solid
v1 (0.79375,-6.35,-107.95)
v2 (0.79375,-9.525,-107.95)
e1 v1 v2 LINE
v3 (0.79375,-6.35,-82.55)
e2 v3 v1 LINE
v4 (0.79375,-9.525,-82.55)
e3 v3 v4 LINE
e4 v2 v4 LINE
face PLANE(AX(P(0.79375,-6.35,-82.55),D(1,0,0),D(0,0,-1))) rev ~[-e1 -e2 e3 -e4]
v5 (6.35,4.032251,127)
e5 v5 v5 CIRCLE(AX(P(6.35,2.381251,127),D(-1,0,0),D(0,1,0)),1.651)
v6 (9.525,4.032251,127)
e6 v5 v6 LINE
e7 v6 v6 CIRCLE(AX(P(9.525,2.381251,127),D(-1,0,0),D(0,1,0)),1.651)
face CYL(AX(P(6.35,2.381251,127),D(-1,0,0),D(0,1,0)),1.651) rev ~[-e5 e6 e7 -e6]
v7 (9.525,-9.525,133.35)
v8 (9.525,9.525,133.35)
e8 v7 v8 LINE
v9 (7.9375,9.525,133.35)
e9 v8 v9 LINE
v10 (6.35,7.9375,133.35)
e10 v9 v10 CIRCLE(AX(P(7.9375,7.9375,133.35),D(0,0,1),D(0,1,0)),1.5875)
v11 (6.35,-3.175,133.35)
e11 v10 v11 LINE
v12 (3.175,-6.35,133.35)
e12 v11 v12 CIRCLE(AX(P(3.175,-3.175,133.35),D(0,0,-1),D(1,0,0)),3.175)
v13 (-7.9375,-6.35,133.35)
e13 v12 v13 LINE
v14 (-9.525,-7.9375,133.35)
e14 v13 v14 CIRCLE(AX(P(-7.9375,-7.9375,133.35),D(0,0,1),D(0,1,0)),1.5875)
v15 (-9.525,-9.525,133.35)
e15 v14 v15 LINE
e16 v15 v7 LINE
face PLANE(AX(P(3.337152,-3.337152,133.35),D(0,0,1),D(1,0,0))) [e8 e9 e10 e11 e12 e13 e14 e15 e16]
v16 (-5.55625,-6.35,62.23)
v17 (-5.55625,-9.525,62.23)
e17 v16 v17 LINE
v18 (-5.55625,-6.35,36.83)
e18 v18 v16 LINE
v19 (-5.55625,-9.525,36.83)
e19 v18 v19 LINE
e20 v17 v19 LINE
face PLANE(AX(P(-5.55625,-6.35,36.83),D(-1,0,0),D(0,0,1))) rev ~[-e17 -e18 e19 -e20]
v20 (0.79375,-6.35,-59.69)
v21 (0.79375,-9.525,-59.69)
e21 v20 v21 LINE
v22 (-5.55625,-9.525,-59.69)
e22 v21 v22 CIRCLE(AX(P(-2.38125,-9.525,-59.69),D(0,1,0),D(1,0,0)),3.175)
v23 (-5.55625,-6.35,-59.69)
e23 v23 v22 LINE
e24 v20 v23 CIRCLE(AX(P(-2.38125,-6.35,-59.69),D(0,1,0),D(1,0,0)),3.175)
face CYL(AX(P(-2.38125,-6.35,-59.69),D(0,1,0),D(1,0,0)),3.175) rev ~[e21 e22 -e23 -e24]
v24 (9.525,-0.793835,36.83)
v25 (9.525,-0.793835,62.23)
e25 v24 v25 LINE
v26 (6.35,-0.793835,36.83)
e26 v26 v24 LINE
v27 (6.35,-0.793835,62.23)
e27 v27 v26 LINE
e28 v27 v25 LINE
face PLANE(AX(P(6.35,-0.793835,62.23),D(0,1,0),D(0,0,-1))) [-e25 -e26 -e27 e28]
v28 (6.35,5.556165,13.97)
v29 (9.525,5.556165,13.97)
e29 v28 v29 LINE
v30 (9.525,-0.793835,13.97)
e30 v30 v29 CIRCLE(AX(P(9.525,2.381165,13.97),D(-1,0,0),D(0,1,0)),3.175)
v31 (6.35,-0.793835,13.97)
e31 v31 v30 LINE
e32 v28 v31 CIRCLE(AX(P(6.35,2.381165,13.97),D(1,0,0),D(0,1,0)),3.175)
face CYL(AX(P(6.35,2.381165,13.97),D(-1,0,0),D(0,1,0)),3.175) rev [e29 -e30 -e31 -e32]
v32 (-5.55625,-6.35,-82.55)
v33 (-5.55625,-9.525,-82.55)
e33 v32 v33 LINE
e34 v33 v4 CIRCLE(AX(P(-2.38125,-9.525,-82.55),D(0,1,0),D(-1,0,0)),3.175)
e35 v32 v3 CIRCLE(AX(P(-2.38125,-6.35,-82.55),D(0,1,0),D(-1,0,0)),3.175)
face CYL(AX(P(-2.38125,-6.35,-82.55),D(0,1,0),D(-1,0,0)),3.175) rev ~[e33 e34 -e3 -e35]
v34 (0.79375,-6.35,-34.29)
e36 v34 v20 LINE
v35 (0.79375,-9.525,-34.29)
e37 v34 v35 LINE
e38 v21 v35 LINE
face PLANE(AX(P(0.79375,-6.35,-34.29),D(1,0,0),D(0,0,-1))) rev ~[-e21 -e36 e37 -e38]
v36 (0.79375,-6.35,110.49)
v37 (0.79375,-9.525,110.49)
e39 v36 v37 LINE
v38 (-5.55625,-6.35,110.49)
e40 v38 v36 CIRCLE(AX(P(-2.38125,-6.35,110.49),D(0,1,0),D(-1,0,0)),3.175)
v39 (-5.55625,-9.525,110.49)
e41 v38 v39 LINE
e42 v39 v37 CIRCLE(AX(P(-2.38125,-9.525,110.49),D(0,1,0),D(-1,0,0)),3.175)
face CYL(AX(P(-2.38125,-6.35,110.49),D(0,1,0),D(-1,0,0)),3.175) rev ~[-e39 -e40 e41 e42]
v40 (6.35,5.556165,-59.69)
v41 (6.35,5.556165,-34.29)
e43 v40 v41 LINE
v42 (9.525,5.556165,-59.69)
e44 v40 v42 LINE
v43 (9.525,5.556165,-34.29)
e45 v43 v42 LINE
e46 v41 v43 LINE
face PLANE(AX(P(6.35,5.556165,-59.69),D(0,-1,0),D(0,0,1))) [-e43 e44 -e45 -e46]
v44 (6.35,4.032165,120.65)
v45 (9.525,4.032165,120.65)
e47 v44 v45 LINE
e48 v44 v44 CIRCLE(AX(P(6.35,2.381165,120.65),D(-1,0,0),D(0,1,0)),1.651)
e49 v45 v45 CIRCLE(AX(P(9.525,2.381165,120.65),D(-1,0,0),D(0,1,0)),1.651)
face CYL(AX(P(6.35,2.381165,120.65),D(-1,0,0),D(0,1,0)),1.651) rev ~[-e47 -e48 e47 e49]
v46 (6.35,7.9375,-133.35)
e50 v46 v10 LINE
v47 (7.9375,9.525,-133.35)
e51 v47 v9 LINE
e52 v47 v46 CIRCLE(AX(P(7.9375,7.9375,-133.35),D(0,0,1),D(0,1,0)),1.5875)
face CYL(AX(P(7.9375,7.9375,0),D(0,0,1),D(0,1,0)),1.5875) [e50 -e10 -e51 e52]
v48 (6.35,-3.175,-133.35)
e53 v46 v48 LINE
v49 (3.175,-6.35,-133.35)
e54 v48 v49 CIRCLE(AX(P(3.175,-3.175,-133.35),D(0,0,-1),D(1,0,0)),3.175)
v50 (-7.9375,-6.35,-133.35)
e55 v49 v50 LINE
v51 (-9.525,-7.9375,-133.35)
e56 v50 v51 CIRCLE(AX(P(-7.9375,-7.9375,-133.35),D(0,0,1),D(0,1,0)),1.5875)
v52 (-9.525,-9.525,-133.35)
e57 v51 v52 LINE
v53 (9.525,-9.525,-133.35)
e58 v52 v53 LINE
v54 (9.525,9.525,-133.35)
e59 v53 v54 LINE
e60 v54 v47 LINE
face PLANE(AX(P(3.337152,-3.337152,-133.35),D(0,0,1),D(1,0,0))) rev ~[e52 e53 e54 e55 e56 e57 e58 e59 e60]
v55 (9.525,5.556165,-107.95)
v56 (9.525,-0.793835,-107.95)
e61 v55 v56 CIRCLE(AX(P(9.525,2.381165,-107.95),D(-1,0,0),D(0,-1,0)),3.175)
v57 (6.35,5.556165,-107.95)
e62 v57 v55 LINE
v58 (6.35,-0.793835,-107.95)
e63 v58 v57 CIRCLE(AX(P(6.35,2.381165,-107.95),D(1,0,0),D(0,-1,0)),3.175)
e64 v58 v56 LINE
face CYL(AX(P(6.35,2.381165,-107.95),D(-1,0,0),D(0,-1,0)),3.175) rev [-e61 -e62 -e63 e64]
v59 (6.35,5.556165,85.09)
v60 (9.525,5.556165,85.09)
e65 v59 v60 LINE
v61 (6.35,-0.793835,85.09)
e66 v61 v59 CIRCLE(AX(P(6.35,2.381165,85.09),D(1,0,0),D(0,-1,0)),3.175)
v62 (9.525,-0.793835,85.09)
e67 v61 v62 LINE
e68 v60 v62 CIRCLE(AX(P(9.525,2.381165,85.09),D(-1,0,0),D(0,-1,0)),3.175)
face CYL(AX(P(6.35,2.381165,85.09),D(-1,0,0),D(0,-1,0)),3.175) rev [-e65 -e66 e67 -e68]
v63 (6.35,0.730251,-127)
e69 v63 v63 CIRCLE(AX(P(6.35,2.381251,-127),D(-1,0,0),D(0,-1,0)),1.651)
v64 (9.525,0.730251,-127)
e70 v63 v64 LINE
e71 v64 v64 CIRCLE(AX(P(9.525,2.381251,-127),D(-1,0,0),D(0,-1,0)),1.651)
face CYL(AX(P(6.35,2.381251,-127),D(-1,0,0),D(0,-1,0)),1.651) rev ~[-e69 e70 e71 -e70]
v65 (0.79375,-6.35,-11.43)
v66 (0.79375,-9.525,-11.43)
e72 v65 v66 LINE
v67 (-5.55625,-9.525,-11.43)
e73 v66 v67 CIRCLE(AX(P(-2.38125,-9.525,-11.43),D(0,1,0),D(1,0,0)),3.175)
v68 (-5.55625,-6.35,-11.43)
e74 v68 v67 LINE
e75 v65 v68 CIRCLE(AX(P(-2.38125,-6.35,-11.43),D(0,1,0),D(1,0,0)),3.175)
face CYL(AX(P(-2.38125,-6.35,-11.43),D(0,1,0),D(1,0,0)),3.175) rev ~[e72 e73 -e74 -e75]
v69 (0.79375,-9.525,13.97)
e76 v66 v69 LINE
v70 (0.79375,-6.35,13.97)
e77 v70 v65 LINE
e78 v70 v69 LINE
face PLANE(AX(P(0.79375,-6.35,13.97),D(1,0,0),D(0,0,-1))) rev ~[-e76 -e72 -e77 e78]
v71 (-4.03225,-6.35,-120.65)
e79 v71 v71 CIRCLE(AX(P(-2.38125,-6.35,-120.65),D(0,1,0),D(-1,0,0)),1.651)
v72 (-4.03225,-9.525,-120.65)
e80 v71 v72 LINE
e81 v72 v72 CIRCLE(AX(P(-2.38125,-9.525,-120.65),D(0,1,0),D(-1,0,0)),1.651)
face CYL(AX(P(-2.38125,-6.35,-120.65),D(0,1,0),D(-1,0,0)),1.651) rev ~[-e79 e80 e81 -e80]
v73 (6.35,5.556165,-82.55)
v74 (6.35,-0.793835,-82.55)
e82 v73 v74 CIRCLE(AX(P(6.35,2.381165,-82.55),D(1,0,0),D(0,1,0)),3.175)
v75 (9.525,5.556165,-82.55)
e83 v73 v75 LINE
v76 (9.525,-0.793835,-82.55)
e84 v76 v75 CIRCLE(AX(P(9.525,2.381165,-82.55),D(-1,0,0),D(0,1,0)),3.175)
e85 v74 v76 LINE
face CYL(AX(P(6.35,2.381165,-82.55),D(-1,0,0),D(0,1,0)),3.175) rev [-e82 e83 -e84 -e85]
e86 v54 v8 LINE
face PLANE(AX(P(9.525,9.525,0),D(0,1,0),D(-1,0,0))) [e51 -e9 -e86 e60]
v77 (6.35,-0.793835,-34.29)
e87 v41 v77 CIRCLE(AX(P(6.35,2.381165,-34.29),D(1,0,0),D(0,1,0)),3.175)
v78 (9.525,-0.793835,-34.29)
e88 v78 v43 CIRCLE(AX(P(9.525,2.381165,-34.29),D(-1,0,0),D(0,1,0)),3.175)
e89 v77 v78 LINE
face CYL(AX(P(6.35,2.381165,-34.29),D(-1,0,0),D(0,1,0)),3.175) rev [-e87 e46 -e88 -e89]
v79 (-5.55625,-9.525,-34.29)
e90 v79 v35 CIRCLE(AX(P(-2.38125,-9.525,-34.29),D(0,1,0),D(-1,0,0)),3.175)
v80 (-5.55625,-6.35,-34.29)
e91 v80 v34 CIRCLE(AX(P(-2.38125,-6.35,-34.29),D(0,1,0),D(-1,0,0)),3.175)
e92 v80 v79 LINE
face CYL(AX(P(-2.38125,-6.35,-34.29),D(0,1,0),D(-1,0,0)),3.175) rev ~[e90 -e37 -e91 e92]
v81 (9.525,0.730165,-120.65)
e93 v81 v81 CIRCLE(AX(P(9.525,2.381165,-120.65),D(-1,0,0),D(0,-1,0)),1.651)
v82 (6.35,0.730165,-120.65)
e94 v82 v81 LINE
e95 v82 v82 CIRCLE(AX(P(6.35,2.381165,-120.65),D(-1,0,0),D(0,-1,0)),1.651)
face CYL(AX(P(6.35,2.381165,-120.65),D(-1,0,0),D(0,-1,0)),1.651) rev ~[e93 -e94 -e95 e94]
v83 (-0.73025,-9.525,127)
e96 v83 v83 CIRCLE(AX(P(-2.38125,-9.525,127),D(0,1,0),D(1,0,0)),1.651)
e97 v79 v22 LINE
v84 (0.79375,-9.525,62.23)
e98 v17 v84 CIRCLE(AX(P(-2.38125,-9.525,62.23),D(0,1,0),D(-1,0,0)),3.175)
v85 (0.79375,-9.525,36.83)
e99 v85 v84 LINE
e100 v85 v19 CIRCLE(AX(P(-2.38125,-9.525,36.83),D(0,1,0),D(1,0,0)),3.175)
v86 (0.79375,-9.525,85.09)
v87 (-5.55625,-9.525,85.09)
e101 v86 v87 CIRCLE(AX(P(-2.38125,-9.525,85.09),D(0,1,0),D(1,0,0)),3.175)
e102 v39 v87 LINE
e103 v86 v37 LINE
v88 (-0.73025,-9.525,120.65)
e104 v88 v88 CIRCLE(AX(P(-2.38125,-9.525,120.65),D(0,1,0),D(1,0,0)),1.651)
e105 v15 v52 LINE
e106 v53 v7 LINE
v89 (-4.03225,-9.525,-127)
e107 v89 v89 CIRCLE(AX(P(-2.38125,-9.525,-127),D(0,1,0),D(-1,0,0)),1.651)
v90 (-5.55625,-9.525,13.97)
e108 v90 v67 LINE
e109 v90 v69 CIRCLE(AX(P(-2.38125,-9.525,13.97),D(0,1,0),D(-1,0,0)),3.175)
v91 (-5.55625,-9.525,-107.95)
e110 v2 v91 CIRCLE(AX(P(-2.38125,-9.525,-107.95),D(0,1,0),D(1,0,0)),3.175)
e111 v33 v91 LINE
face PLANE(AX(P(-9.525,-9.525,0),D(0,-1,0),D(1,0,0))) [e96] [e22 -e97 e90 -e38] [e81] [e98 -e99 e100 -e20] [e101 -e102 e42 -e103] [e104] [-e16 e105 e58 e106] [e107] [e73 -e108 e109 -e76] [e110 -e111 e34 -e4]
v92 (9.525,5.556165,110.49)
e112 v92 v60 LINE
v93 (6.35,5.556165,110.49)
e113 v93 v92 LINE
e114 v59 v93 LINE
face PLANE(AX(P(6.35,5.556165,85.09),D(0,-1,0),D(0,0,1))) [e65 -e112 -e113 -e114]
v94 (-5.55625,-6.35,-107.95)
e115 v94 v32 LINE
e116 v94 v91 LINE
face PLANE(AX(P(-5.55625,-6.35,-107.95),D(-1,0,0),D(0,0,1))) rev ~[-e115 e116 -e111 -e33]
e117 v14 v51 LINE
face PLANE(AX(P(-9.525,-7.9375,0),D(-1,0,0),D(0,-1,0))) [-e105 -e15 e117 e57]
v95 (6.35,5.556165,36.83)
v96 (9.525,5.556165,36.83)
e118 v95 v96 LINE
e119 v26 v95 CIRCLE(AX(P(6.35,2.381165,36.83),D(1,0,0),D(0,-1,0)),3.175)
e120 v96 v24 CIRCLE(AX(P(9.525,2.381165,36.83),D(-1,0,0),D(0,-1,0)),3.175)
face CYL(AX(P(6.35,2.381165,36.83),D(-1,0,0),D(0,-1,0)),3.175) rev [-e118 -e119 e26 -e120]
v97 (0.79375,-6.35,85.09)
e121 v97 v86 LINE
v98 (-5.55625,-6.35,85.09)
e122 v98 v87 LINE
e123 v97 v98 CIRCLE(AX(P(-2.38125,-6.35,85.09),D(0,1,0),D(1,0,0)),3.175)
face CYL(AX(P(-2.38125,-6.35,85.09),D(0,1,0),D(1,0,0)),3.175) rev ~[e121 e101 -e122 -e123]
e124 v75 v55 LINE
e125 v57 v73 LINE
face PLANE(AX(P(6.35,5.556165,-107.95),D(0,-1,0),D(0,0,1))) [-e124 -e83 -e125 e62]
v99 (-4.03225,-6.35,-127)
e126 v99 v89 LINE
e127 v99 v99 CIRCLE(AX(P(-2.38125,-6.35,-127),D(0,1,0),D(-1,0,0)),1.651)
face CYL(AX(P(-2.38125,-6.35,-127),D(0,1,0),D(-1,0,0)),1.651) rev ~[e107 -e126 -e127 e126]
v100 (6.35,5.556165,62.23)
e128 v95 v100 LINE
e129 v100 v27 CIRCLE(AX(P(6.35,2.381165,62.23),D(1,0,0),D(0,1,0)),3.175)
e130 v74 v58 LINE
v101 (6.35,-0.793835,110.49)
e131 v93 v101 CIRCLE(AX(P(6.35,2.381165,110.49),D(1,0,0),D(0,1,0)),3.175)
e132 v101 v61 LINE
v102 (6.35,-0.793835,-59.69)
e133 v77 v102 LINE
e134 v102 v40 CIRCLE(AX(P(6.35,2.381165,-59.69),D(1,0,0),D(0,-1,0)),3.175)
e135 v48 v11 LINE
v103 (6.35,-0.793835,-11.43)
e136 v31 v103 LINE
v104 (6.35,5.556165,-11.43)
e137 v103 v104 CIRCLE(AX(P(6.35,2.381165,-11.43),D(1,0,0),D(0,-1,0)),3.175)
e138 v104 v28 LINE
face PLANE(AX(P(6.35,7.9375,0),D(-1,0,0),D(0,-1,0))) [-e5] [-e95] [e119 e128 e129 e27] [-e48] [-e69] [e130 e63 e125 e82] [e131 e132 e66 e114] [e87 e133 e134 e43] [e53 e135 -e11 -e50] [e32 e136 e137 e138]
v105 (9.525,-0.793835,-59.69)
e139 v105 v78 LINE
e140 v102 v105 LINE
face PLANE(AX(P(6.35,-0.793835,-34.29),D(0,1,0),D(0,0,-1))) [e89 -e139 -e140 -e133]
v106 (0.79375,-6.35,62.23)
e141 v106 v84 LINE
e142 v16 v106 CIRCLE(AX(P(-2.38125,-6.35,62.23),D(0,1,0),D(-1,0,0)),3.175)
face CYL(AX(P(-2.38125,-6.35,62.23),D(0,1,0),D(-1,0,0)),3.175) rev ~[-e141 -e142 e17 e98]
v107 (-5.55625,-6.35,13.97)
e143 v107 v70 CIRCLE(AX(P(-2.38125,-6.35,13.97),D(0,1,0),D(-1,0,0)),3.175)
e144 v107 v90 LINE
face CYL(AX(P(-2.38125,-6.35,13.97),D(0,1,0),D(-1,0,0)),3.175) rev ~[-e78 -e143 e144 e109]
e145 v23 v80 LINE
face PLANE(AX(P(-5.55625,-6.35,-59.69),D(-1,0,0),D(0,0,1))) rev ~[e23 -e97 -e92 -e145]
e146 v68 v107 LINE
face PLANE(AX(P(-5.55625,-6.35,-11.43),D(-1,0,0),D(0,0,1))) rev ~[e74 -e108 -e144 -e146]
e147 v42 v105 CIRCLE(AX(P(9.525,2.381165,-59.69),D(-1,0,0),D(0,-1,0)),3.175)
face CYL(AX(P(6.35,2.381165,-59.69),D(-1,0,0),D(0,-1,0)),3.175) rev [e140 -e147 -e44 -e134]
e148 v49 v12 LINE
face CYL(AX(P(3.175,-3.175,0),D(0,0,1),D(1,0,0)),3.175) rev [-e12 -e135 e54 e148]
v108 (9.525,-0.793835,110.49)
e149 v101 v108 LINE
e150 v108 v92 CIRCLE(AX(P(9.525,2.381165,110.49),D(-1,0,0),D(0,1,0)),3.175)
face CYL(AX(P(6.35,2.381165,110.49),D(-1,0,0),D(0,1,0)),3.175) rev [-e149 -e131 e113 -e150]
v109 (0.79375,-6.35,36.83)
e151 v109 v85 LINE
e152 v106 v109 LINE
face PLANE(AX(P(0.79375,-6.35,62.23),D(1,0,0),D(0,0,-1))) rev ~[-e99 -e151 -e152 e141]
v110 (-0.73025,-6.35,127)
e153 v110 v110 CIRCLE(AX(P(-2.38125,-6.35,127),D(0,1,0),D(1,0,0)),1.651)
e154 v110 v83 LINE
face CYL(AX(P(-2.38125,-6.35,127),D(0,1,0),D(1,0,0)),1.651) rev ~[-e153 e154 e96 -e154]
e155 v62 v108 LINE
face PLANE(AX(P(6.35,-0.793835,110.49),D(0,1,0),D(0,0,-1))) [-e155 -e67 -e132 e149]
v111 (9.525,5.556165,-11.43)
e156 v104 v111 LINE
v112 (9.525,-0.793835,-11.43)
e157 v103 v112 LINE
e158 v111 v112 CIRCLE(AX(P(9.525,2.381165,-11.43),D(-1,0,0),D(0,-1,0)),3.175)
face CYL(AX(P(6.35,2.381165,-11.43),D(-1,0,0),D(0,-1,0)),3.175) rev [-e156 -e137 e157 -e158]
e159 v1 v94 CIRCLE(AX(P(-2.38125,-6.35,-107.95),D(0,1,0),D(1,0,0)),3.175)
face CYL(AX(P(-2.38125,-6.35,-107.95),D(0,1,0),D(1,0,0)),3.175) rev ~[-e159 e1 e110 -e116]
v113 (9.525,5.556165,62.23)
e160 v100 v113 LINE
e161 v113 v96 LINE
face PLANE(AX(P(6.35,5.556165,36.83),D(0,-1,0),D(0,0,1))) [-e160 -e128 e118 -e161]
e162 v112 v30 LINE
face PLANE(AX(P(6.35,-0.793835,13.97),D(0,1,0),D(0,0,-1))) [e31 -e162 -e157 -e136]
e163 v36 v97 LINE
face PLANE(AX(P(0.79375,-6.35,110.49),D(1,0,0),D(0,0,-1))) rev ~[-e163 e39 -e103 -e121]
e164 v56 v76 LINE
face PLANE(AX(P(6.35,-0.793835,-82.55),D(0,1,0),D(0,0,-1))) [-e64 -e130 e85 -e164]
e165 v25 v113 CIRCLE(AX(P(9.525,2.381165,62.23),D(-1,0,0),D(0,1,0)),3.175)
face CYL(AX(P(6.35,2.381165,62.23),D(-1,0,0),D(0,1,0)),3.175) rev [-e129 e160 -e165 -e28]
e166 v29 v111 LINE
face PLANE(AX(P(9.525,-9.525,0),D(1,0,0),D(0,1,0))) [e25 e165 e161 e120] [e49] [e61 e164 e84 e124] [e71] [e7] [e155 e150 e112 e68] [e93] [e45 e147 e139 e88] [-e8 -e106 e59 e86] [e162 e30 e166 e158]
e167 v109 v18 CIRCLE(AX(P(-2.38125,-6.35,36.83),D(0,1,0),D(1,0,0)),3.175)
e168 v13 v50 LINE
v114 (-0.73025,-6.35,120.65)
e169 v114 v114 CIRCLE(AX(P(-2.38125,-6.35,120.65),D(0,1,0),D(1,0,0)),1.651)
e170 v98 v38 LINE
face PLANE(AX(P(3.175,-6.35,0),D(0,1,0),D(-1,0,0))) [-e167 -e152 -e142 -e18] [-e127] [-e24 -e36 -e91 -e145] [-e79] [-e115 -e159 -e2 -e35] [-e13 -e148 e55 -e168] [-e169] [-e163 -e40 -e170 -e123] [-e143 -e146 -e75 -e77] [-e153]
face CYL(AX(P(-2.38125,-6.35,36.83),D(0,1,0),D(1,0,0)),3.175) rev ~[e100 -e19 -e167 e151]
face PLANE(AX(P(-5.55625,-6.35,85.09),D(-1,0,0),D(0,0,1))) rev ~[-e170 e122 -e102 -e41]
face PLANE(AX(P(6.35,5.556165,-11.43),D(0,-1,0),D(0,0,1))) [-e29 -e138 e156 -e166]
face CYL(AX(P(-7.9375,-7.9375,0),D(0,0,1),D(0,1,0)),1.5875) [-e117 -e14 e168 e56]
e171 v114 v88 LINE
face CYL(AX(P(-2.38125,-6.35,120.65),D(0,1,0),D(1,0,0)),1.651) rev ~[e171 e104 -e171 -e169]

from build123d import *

# Parameters (mm, degrees)
BOSS_EXTRUDE1_DEPTH = 133.35
SKETCH3_R           = 1.651
CUT_EXTRUDE1_DEPTH  = 135.628985549
SKETCH4_R           = 1.651
CUT_EXTRUDE2_DEPTH  = 135.628985549
CUT_EXTRUDE3_DEPTH  = 135.628985549
LPATTERN1_COUNT     = 5
LPATTERN1_PITCH     = 48.26
CUT_EXTRUDE4_DEPTH  = 135.628985549
LPATTERN2_COUNT     = 5
LPATTERN2_PITCH     = 48.26


with BuildPart() as part:
    # Sketch2 → Boss-Extrude1 (new, symmetric)
    with BuildSketch(Plane.XY):
        with BuildLine():
            Line((-9.525, -9.525), (9.525, -9.525))
            Line((9.525, -9.525), (9.525, 9.525))
            Line((9.525, 9.525), (7.9375, 9.525))
            ThreePointArc((7.9375, 9.525), (6.814967985, 9.060032015), (6.35, 7.9375))
            Line((6.35, 7.9375), (6.35, -3.175))
            ThreePointArc((6.35, -3.175), (5.42006403, -5.42006403), (3.175, -6.35))
            Line((3.175, -6.35), (-7.9375, -6.35))
            ThreePointArc((-7.9375, -6.35), (-9.060032015, -6.814967985), (-9.525, -7.9375))
            Line((-9.525, -7.9375), (-9.525, -9.525))
        make_face()
    extrude(amount=BOSS_EXTRUDE1_DEPTH, both=True)

    # Sketch3 → Cut-Extrude1 (cut, through all)
    with BuildSketch(Plane(origin=(0, -6.35, 0), x_dir=(1, 0, 0), z_dir=(0, 1, 0))):
        with Locations(Location((-2.38125, 127, 0), (0, 0, 180))):
            Circle(SKETCH3_R)
        with Locations(Location((-2.38125, 120.65, 0), (0, 0, 180))):
            Circle(SKETCH3_R)
        with Locations((-2.38125, -120.65)):
            Circle(SKETCH3_R)
        with Locations((-2.38125, -127)):
            Circle(SKETCH3_R)
    extrude(amount=-CUT_EXTRUDE1_DEPTH, mode=Mode.SUBTRACT)

    # Sketch4 → Cut-Extrude2 (cut, through all)
    with BuildSketch(Plane.ZY.offset(-6.35)):
        with Locations(Location((-127, 2.381250687, 0), (0, 0, 270))):
            Circle(SKETCH4_R)
        with Locations(Location((-120.650000001, 2.381165043, 0), (0, 0, 270))):
            Circle(SKETCH4_R)
        with Locations(Location((120.650000001, 2.381165043, 0), (0, 0, 90))):
            Circle(SKETCH4_R)
        with Locations(Location((127, 2.381250687, 0), (0, 0, 90))):
            Circle(SKETCH4_R)
    extrude(amount=-CUT_EXTRUDE2_DEPTH, mode=Mode.SUBTRACT)

    # Sketch5 → Cut-Extrude3 (cut, through all)
    with BuildSketch(Plane.ZY.offset(-6.35)):
        with BuildLine():
            Line((-107.950000001, 5.556165043), (-82.550000001, 5.556165043))
            ThreePointArc((-82.550000001, 5.556165043), (-79.375000001, 2.381165043), (-82.550000001, -0.793834957))
            Line((-82.550000001, -0.793834957), (-107.950000001, -0.793834957))
            ThreePointArc((-107.950000001, -0.793834957), (-111.125000001, 2.381165043), (-107.950000001, 5.556165043))
        make_face()
    cut_extrude3 = extrude(amount=-CUT_EXTRUDE3_DEPTH, mode=Mode.SUBTRACT)

    # LPattern1: Cut-Extrude3 ×5
    with Locations(*[(0, 0, i * LPATTERN1_PITCH) for i in range(1, LPATTERN1_COUNT)]):
        add(cut_extrude3, mode=Mode.SUBTRACT)

    # Sketch6 → Cut-Extrude4 (cut, through all)
    with BuildSketch(Plane(origin=(0, -6.35, 0), x_dir=(1, 0, 0), z_dir=(0, 1, 0))):
        with BuildLine():
            Line((-5.55625, 107.95), (-5.55625, 82.55))
            ThreePointArc((-5.55625, 82.55), (-2.38125, 79.375), (0.79375, 82.55))
            Line((0.79375, 82.55), (0.79375, 107.95))
            ThreePointArc((0.79375, 107.95), (-2.38125, 111.125), (-5.55625, 107.95))
        make_face()
    cut_extrude4 = extrude(amount=-CUT_EXTRUDE4_DEPTH, mode=Mode.SUBTRACT)

    # LPattern2: Cut-Extrude4 ×5
    with Locations(*[(0, 0, i * LPATTERN2_PITCH) for i in range(1, LPATTERN2_COUNT)]):
        add(cut_extrude4, mode=Mode.SUBTRACT)


solid = part.part
